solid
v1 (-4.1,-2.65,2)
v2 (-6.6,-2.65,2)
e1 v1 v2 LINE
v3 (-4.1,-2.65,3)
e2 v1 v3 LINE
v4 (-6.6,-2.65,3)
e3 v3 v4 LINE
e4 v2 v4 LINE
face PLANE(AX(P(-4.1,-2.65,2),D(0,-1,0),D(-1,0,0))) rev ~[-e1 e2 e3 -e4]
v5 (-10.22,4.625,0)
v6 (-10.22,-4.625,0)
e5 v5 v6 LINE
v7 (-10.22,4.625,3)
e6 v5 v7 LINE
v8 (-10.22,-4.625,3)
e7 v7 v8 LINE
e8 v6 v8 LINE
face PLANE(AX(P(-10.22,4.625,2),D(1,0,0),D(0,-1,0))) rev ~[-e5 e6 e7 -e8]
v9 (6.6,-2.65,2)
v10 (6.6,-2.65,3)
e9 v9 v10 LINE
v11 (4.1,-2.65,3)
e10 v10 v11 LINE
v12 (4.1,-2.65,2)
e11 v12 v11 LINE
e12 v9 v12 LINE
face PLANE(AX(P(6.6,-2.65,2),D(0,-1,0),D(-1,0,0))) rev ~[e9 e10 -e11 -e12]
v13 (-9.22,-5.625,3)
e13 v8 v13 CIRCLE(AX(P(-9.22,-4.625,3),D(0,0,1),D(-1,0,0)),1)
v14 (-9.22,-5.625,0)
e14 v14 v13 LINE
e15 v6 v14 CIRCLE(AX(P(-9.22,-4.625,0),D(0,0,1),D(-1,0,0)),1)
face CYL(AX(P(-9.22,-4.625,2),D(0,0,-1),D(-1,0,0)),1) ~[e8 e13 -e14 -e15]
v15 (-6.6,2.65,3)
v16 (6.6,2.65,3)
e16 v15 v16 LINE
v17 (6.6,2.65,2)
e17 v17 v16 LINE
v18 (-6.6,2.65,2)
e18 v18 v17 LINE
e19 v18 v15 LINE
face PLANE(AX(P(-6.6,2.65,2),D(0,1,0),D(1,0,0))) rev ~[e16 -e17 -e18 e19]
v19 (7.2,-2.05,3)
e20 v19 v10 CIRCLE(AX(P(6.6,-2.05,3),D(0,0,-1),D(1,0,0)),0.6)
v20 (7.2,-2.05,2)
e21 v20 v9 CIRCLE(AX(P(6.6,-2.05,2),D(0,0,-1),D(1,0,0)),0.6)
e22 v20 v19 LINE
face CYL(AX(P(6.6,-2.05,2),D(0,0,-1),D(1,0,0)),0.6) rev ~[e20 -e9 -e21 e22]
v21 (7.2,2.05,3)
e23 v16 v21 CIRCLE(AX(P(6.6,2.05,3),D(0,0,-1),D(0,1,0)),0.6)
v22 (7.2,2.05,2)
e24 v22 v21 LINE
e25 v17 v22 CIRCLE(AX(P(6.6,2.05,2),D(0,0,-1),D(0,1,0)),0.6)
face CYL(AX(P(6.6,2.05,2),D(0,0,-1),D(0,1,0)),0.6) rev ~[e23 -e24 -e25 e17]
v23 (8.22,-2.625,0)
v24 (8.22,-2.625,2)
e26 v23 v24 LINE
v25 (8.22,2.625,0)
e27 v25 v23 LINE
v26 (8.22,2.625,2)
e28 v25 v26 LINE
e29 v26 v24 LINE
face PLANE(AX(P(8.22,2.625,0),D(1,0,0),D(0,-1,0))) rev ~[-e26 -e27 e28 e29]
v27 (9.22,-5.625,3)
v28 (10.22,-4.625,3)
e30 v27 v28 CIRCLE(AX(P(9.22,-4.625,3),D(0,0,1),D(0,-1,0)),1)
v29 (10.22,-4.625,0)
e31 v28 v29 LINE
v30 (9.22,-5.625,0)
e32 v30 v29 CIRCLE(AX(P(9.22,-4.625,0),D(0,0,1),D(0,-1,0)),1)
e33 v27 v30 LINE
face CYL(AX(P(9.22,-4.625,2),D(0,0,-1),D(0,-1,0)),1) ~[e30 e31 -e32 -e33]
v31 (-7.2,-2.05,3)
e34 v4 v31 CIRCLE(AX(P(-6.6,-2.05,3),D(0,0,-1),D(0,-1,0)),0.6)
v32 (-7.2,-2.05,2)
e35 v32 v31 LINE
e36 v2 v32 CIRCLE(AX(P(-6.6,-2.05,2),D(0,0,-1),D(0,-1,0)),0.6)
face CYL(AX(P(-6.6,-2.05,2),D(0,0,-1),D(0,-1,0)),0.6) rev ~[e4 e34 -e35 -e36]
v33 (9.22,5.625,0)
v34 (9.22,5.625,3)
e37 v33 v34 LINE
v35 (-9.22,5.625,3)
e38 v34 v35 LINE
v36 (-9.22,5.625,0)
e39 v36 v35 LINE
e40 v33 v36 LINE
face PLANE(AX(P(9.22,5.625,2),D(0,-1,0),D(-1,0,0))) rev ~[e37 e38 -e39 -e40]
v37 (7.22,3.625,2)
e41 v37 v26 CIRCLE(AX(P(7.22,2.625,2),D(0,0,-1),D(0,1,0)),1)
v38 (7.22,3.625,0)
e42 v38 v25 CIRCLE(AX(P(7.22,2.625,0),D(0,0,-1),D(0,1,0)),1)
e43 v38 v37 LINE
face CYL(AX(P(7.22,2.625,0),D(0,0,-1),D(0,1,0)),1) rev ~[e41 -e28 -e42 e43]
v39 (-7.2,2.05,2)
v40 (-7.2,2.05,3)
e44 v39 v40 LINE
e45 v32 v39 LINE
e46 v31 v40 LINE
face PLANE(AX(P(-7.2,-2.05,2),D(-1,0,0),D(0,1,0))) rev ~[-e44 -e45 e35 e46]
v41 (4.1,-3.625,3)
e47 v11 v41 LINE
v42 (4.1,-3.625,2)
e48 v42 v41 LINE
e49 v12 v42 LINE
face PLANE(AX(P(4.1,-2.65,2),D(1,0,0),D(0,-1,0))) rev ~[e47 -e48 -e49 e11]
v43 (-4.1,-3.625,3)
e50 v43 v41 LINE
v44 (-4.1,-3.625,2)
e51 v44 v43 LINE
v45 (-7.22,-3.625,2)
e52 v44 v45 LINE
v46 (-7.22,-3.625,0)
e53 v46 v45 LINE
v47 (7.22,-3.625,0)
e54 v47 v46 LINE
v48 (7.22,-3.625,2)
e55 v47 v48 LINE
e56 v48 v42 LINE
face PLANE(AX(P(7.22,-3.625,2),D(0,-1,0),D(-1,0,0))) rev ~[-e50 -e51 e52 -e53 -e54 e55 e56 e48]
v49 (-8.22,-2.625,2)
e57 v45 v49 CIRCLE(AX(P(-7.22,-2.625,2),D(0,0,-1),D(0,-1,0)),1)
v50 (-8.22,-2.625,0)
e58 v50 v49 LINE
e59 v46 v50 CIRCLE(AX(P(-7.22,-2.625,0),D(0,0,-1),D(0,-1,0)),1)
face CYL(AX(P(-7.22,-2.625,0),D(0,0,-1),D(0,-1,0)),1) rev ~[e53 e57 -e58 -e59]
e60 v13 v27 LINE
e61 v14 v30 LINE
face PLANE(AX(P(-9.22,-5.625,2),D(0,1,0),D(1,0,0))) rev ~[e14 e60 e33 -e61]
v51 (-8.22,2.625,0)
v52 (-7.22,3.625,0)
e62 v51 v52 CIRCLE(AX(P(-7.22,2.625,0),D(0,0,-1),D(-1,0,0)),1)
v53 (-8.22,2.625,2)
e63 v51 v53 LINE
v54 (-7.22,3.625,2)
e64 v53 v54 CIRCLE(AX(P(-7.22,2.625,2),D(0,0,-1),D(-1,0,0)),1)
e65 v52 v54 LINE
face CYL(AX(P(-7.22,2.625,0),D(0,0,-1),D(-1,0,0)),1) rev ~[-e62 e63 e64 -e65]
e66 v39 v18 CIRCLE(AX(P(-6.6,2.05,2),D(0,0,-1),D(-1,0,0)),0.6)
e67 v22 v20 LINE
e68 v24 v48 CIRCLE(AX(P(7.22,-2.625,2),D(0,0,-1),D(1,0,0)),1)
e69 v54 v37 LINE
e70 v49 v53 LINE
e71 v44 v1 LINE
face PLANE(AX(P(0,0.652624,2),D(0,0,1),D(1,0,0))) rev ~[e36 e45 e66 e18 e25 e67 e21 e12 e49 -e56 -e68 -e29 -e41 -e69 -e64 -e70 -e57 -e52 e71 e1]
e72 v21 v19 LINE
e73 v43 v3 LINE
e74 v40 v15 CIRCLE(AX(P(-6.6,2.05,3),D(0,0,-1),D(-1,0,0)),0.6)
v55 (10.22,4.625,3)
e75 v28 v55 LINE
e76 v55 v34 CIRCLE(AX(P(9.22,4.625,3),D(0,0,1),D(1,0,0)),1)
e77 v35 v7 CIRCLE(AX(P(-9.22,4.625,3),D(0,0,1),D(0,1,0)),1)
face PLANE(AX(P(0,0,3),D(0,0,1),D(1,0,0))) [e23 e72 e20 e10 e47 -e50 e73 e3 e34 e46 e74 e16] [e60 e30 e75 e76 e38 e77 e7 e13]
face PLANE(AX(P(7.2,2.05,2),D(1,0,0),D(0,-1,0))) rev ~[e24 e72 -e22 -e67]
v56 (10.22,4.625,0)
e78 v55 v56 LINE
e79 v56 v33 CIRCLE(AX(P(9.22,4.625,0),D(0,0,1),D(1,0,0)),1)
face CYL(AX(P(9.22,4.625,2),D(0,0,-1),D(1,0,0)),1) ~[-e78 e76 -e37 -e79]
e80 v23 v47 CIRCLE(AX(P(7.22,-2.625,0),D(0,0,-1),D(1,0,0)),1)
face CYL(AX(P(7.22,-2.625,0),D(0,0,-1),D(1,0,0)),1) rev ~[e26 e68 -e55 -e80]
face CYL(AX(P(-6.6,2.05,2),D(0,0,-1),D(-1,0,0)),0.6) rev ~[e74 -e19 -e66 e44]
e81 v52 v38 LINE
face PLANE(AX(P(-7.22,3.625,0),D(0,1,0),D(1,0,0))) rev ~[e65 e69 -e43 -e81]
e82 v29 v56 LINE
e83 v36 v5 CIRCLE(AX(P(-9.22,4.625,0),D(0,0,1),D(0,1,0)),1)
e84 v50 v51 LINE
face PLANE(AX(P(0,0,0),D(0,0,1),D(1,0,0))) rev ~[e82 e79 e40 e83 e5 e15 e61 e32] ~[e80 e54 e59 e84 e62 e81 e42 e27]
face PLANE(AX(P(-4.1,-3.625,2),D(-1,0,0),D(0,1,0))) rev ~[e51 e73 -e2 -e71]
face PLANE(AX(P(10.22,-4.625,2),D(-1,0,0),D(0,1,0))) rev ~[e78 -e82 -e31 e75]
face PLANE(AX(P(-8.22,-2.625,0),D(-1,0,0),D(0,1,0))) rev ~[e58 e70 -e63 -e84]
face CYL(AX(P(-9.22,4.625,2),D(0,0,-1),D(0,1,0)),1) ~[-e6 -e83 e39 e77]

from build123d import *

# Parameters (mm, degrees)
F1_DEPTH = 2
F3_DEPTH = 1
F4_DEPTH = 1


with BuildPart() as f1:
    # F0 (on Top) → F1 (new body)
    with BuildSketch(Plane.XY):
        with BuildLine():
            ThreePointArc((10.22, 4.625), (9.9271067812, 5.3321067812), (9.22, 5.625))
            Line((9.22, 5.625), (-9.22, 5.625))
            ThreePointArc((-9.22, 5.625), (-9.9271067812, 5.3321067812), (-10.22, 4.625))
            Line((-10.22, 4.625), (-10.22, -4.625))
            ThreePointArc((-10.22, -4.625), (-9.9271067812, -5.3321067812), (-9.22, -5.625))
            Line((-9.22, -5.625), (9.22, -5.625))
            ThreePointArc((9.22, -5.625), (9.9271067812, -5.3321067812), (10.22, -4.625))
            Line((10.22, -4.625), (10.22, 4.625))
        make_face()
        with BuildLine():
            Line((-7.22, 3.625), (7.22, 3.625))
            ThreePointArc((7.22, 3.625), (7.9271067812, 3.3321067812), (8.22, 2.625))
            Line((8.22, 2.625), (8.22, -2.625))
            ThreePointArc((8.22, -2.625), (7.9271067812, -3.3321067812), (7.22, -3.625))
            Line((7.22, -3.625), (-7.22, -3.625))
            ThreePointArc((-7.22, -3.625), (-7.9271067812, -3.3321067812), (-8.22, -2.625))
            Line((-8.22, -2.625), (-8.22, 2.625))
            ThreePointArc((-8.22, 2.625), (-7.9271067812, 3.3321067812), (-7.22, 3.625))
        make_face(mode=Mode.SUBTRACT)
    extrude(amount=F1_DEPTH)

    # F2 (on face) → F3 (join)
    with BuildSketch(Plane.XY.offset(2)):
        with BuildLine():
            Line((7.22, 3.625), (-7.22, 3.625))
            ThreePointArc((-7.22, 3.625), (-7.9271067812, 3.3321067812), (-8.22, 2.625))
            Line((-8.22, 2.625), (-8.22, -2.625))
            ThreePointArc((-8.22, -2.625), (-7.9271067812, -3.3321067812), (-7.22, -3.625))
            Line((-7.22, -3.625), (-4.1, -3.625))
            Line((-4.1, -3.625), (-4.1, -2.65))
            Line((-4.1, -2.65), (-6.6, -2.65))
            ThreePointArc((-6.6, -2.65), (-7.0242640687, -2.4742640687), (-7.2, -2.05))
            Line((-7.2, -2.05), (-7.2, 2.05))
            ThreePointArc((-7.2, 2.05), (-7.0242640687, 2.4742640687), (-6.6, 2.65))
            Line((-6.6, 2.65), (6.6, 2.65))
            ThreePointArc((6.6, 2.65), (7.0242640687, 2.4742640687), (7.2, 2.05))
            Line((7.2, 2.05), (7.2, -2.05))
            ThreePointArc((7.2, -2.05), (7.0242640687, -2.4742640687), (6.6, -2.65))
            Line((6.6, -2.65), (4.1, -2.65))
            Line((4.1, -2.65), (4.1, -3.625))
            Line((4.1, -3.625), (7.22, -3.625))
            ThreePointArc((7.22, -3.625), (7.9271067812, -3.3321067812), (8.22, -2.625))
            Line((8.22, -2.625), (8.22, 2.625))
            ThreePointArc((8.22, 2.625), (7.9271067812, 3.3321067812), (7.22, 3.625))
        make_face()
    extrude(amount=F3_DEPTH)

    # F4 (add): a face of the model
    f4_faces = [f1.faces().sort_by_distance(p)[0] for p in [
        (9.9866855984, 0, 2),
    ]]
    extrude(f4_faces, amount=F4_DEPTH)


solid = f1.part
